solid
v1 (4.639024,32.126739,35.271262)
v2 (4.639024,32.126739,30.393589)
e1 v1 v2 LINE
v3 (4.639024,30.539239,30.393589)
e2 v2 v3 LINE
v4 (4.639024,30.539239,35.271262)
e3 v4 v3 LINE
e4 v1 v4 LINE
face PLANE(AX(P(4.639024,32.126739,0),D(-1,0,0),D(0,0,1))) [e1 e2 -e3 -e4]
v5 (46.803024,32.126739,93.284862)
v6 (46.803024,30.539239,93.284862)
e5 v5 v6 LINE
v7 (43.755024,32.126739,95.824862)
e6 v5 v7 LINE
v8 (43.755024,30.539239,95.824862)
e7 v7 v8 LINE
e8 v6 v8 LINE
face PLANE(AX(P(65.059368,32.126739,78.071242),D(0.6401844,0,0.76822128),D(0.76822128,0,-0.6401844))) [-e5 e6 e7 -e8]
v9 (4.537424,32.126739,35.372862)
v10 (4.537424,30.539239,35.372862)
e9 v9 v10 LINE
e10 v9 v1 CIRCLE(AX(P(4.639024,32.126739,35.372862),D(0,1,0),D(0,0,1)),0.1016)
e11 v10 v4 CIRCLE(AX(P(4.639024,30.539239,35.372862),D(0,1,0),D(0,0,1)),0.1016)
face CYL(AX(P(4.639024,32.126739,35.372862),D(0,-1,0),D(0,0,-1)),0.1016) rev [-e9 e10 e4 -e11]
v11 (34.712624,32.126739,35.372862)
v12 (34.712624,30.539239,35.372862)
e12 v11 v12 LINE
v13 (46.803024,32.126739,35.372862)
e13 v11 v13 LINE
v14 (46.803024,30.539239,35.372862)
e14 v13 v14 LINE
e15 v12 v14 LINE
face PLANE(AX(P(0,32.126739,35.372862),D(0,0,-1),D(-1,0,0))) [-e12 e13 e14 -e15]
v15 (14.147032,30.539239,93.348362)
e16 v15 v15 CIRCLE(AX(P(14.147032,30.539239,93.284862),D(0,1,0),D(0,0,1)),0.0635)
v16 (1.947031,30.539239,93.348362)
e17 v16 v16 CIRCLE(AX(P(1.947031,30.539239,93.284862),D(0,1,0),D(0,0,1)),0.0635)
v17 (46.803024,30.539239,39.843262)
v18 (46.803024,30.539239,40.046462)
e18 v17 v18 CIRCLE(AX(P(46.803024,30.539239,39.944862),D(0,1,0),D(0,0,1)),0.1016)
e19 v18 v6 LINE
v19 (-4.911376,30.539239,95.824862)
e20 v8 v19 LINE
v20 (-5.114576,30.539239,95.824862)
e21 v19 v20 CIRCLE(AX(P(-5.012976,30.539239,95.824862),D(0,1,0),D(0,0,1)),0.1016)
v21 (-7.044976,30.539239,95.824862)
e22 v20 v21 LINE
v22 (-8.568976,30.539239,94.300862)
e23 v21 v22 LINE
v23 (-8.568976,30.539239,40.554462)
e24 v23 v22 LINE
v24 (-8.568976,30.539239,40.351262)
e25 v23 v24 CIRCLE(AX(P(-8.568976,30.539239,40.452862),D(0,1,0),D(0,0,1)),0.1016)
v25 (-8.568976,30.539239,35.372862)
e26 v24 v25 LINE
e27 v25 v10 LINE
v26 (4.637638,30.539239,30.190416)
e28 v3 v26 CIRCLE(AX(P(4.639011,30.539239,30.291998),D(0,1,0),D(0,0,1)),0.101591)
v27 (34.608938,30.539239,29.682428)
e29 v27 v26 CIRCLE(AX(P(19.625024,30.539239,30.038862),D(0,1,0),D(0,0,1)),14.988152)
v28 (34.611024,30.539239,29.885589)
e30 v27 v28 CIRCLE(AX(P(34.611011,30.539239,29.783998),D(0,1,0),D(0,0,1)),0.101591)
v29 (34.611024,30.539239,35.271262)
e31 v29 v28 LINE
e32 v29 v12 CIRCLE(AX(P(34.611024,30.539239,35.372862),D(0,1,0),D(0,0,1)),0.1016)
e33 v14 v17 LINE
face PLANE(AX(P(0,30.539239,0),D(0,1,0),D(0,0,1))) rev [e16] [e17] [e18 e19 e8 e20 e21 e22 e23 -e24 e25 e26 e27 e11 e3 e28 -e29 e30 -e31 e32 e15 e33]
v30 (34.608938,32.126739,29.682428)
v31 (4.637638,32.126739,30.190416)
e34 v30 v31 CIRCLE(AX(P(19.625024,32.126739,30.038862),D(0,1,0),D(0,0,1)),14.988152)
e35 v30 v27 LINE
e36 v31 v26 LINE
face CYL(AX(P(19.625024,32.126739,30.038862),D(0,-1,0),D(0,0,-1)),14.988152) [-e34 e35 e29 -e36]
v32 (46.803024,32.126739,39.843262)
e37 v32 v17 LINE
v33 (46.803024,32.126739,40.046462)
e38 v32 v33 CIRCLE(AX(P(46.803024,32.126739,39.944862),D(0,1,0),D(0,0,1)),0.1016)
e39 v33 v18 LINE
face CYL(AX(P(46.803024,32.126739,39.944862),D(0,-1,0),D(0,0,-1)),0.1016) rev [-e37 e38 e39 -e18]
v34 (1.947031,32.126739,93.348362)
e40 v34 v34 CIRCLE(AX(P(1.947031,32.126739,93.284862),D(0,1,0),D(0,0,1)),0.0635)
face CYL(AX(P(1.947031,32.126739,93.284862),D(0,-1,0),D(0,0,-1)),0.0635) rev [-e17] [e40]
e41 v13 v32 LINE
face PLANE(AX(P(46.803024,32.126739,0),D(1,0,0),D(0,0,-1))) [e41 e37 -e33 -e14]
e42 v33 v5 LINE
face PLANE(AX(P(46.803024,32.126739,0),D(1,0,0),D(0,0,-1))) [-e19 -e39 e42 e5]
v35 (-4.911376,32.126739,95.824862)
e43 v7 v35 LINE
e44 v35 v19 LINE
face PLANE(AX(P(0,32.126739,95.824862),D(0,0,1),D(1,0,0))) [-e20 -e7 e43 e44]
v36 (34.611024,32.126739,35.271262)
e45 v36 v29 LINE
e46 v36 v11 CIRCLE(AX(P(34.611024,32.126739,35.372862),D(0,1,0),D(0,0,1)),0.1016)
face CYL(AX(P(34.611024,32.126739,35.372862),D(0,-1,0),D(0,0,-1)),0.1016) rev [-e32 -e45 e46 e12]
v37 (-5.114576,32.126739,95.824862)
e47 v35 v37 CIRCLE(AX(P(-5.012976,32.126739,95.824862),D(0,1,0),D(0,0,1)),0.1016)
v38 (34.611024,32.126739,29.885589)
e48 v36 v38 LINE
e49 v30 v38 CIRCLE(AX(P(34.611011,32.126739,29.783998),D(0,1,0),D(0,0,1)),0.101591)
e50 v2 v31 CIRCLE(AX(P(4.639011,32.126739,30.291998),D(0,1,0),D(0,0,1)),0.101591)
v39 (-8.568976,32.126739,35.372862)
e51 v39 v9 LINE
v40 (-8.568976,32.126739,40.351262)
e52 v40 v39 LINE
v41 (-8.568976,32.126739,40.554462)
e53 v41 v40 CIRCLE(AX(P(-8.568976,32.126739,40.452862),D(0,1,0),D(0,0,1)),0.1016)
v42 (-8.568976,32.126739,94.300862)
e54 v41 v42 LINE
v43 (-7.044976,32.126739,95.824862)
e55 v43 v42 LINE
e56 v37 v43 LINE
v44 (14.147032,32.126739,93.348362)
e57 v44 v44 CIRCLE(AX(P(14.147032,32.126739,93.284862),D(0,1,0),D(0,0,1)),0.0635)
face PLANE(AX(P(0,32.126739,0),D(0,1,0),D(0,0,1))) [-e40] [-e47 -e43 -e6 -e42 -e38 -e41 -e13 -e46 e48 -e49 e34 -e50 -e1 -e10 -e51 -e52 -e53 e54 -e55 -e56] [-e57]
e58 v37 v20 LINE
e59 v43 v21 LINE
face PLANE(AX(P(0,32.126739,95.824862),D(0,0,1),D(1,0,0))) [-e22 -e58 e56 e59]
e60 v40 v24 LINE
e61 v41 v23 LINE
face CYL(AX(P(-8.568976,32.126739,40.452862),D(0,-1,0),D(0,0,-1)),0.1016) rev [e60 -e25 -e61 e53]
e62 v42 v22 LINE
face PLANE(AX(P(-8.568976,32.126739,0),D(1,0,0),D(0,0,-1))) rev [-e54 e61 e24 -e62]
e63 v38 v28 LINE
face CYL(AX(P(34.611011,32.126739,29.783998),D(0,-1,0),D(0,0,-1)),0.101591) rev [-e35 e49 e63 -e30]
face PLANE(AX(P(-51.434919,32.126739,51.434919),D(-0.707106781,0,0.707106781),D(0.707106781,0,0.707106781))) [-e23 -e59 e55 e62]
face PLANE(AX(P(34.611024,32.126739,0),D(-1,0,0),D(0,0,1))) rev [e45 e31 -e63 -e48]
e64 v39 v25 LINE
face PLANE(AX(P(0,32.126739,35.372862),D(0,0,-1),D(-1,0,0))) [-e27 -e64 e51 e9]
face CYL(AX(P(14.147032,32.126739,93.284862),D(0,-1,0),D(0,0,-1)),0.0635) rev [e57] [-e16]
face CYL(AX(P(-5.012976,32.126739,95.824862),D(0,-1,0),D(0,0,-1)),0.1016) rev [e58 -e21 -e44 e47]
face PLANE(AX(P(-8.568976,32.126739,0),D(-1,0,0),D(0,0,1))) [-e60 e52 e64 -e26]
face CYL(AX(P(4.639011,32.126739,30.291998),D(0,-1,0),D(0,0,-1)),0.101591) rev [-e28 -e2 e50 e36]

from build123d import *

# Parameters (mm, degrees)
BOSS_EXTRUDE2_DEPTH = 1.5875


with BuildPart() as part:
    # Sketch3 → Boss-Extrude2 (new body)
    with BuildSketch(Plane(origin=(0, 30.53923904, 0), x_dir=(1, 0, 0), z_dir=(0, 1, 0))):
        with BuildLine():
            Line((46.80302417, -93.183255051), (46.80302417, -40.04646156))
            ThreePointArc((46.80302417, -40.04646156), (46.731182121, -40.016703609), (46.70142417, -39.94486156))
            ThreePointArc((46.70142417, -39.94486156), (46.731182121, -39.873019511), (46.80302417, -39.84326156))
            Line((46.80302417, -39.84326156), (46.80302417, -35.47446156))
            Line((46.80302417, -35.47446156), (46.80302417, -35.37286156))
            Line((46.80302417, -35.37286156), (46.70142417, -35.37286156))
            Line((46.70142417, -35.37286156), (34.71262417, -35.37286156))
            ThreePointArc((34.71262417, -35.37286156), (34.682866219, -35.444703609), (34.61102417, -35.47446156))
            ThreePointArc((34.61102417, -35.47446156), (34.539182121, -35.444703609), (34.50942417, -35.37286156))
            ThreePointArc((34.50942417, -35.37286156), (34.539182121, -35.301019511), (34.61102417, -35.27126156))
            Line((34.61102417, -35.27126156), (34.61102417, -29.88558893))
            ThreePointArc((34.61102417, -29.88558893), (34.539486295, -29.856142778), (34.50942417, -29.78486156))
            ThreePointArc((34.50942417, -29.78486156), (34.538144807, -29.713208308), (34.608937785, -29.682428156))
            ThreePointArc((34.608937785, -29.682428156), (19.371024177, -15.05286156), (4.637638035, -30.190416274))
            ThreePointArc((4.637638035, -30.190416274), (4.710051866, -30.219375736), (4.74059877, -30.29113436))
            ThreePointArc((4.74059877, -30.29113436), (4.711156288, -30.363523135), (4.63902417, -30.39358893))
            Line((4.63902417, -30.39358893), (4.63902417, -35.27126156))
            ThreePointArc((4.63902417, -35.27126156), (4.710866219, -35.301019511), (4.74062417, -35.37286156))
            ThreePointArc((4.74062417, -35.37286156), (4.710866219, -35.444703609), (4.63902417, -35.47446156))
            ThreePointArc((4.63902417, -35.47446156), (4.567182121, -35.444703609), (4.53742417, -35.37286156))
            Line((4.53742417, -35.37286156), (-8.46737583, -35.37286156))
            Line((-8.46737583, -35.37286156), (-8.56897583, -35.37286156))
            Line((-8.56897583, -35.37286156), (-8.56897583, -35.47446156))
            Line((-8.56897583, -35.47446156), (-8.56897583, -40.35126156))
            ThreePointArc((-8.56897583, -40.35126156), (-8.497133781, -40.381019511), (-8.46737583, -40.45286156))
            ThreePointArc((-8.46737583, -40.45286156), (-8.497133781, -40.524703609), (-8.56897583, -40.55446156))
            Line((-8.56897583, -40.55446156), (-8.56897583, -94.199276903))
            Line((-8.56897583, -94.199276903), (-8.56897583, -94.30086156))
            Line((-8.56897583, -94.30086156), (-8.497133781, -94.372703609))
            Line((-8.497133781, -94.372703609), (-7.116817879, -95.753019511))
            Line((-7.116817879, -95.753019511), (-7.04497583, -95.82486156))
            Line((-7.04497583, -95.82486156), (-6.943391173, -95.82486156))
            Line((-6.943391173, -95.82486156), (-5.11457583, -95.82486156))
            ThreePointArc((-5.11457583, -95.82486156), (-5.084817879, -95.753019511), (-5.01297583, -95.72326156))
            ThreePointArc((-5.01297583, -95.72326156), (-4.941133781, -95.753019511), (-4.91137583, -95.82486156))
            Line((-4.91137583, -95.82486156), (1.94703057, -95.82486156))
            Line((1.94703057, -95.82486156), (13.98703057, -95.82486156))
            Line((13.98703057, -95.82486156), (43.653417661, -95.82486156))
            Line((43.653417661, -95.82486156), (43.75502417, -95.82486156))
            Line((43.75502417, -95.82486156), (43.833075452, -95.759818825))
            Line((43.833075452, -95.759818825), (46.724972888, -93.349904295))
            Line((46.724972888, -93.349904295), (46.80302417, -93.28486156))
            Line((46.80302417, -93.28486156), (46.80302417, -93.183255051))
        make_face()
        with BuildLine():
            ThreePointArc((2.01053057, -93.28486156), (1.99193185, -93.329762841), (1.94703057, -93.34836156))
            ThreePointArc((1.94703057, -93.34836156), (1.902129289, -93.329762841), (1.88353057, -93.28486156))
            ThreePointArc((1.88353057, -93.28486156), (1.902129289, -93.239960279), (1.94703057, -93.22136156))
            ThreePointArc((1.94703057, -93.22136156), (1.99193185, -93.239960279), (2.01053057, -93.28486156))
        make_face(mode=Mode.SUBTRACT)
        with BuildLine():
            ThreePointArc((14.21053157, -93.28486156), (14.19193285, -93.329762841), (14.14703157, -93.34836156))
            ThreePointArc((14.14703157, -93.34836156), (14.102130289, -93.329762841), (14.08353157, -93.28486156))
            ThreePointArc((14.08353157, -93.28486156), (14.102130289, -93.239960279), (14.14703157, -93.22136156))
            ThreePointArc((14.14703157, -93.22136156), (14.19193285, -93.239960279), (14.21053157, -93.28486156))
        make_face(mode=Mode.SUBTRACT)
    extrude(amount=BOSS_EXTRUDE2_DEPTH)


solid = part.part
